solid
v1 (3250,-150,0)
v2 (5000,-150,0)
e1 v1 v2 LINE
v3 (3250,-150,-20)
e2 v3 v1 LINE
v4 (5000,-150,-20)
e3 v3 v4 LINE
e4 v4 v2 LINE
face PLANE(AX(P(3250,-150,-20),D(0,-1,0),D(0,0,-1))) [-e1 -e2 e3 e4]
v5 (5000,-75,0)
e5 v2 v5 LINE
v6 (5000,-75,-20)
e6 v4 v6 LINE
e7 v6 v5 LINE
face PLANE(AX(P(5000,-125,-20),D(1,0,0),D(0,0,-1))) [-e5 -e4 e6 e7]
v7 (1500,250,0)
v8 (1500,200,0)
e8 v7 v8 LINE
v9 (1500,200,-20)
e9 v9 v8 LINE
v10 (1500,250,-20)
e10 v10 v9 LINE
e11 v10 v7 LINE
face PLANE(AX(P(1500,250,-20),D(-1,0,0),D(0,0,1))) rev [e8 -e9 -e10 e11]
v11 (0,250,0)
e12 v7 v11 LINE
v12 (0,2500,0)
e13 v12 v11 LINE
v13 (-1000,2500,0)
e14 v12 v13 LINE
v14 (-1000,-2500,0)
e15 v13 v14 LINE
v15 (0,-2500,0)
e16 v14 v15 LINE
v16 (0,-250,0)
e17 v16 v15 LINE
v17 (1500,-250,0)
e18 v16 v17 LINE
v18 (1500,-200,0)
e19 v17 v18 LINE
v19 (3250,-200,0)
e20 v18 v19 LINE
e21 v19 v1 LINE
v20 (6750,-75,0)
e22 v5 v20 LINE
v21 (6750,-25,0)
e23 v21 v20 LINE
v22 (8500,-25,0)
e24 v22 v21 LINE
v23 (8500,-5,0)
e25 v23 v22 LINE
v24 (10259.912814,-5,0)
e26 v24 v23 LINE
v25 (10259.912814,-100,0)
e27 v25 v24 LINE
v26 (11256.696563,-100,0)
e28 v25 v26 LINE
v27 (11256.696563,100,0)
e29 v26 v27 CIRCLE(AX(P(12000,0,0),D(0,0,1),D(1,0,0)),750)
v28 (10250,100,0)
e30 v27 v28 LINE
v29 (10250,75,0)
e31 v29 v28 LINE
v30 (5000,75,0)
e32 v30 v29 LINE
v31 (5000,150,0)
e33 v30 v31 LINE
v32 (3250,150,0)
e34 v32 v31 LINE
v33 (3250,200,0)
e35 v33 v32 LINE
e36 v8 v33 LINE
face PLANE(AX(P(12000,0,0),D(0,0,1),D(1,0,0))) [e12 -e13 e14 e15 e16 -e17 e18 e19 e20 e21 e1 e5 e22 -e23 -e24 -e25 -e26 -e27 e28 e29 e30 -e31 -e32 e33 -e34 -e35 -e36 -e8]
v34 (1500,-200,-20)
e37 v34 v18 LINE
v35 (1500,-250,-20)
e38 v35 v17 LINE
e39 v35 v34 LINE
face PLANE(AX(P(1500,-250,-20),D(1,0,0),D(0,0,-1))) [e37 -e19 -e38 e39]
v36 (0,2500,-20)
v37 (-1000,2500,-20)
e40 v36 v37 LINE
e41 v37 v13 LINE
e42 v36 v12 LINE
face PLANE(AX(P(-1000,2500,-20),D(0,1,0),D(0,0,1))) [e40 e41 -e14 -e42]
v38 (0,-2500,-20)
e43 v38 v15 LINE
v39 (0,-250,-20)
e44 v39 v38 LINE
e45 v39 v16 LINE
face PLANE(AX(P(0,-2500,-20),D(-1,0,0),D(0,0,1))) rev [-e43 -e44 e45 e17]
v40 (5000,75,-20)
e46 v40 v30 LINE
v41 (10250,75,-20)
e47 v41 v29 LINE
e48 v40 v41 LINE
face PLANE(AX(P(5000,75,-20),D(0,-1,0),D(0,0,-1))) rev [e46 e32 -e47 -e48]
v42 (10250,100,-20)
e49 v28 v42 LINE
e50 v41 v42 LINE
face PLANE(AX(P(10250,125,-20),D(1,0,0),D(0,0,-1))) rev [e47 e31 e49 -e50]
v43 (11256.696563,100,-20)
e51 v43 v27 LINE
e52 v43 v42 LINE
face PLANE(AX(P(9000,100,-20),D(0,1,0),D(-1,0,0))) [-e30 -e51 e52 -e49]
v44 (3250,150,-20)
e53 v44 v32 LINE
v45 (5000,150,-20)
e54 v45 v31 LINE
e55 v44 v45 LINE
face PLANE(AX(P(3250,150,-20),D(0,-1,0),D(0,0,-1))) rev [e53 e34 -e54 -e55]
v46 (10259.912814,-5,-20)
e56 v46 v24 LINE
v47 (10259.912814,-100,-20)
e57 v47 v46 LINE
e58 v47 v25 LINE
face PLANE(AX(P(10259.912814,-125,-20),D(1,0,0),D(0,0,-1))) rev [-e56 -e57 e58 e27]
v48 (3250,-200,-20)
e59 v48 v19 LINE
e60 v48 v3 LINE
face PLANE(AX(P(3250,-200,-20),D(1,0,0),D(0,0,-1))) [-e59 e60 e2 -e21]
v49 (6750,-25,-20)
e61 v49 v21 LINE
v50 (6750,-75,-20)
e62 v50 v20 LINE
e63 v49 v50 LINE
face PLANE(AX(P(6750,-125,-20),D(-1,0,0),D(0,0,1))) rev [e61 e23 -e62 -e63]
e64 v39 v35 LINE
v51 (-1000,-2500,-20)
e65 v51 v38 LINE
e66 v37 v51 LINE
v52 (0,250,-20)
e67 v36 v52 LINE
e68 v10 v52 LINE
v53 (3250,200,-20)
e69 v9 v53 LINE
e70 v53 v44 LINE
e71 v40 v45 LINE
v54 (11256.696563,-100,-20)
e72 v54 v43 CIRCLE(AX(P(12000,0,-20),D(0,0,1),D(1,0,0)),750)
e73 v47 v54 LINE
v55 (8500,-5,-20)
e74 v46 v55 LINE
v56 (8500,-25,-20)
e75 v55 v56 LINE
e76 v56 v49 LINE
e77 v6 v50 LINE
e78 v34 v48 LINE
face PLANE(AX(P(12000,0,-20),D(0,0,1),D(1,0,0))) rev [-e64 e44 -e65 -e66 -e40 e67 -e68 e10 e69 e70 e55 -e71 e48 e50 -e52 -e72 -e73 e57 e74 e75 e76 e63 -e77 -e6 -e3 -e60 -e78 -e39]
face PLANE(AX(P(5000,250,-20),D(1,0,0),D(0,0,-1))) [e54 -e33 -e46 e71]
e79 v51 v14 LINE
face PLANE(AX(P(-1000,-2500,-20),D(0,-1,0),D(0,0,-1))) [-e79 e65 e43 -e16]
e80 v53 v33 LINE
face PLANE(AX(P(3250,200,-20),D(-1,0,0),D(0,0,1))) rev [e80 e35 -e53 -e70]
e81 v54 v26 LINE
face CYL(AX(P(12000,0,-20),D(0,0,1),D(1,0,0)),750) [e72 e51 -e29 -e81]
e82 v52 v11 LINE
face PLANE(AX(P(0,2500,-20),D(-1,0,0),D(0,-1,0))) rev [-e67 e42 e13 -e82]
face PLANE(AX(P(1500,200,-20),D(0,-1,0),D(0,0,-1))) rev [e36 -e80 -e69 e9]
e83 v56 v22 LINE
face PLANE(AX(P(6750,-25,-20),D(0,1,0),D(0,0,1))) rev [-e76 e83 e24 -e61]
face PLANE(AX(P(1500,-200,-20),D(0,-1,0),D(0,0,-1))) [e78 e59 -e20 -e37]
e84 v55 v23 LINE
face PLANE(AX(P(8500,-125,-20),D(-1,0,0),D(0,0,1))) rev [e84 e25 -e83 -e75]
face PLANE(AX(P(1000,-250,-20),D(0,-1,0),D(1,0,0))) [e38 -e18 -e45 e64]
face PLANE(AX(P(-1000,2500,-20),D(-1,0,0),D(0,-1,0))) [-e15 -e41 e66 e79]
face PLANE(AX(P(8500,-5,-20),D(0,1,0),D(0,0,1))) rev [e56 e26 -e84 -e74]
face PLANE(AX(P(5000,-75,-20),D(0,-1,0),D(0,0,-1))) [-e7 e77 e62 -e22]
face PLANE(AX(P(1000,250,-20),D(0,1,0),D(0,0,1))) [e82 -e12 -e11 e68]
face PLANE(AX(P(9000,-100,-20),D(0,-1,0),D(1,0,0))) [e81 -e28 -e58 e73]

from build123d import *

# Parameters (mm, degrees)
BOSS_EXTRUDE1_DEPTH = 20
SKETCH2_W           = 1000
SKETCH2_H           = 2250
CUT_EXTRUDE1_DEPTH  = 12993.801853334
CUT_EXTRUDE4_DEPTH  = 12993.801853334
SKETCH4_W           = 1750
SKETCH4_H           = 50
CUT_EXTRUDE5_DEPTH  = 12993.801853334
SKETCH5_W           = 1750
SKETCH5_H           = 50
CUT_EXTRUDE6_DEPTH  = 12993.801853334
SKETCH8_W           = 1750
SKETCH8_H           = 100
CUT_EXTRUDE7_DEPTH  = 12993.801853334
SKETCH6_W           = 1750
SKETCH6_H           = 50
CUT_EXTRUDE8_DEPTH  = 12993.801853334
SKETCH9_W           = 1759.91281427
SKETCH9_H           = 120
CUT_EXTRUDE9_DEPTH  = 12993.801853334


with BuildPart() as part:
    # Sketch1 → Boss-Extrude1 (new body)
    with BuildSketch(Plane.XY):
        with BuildLine():
            Line((1000, 250), (5000, 250))
            Line((5000, 250), (5000, 125))
            Line((5000, 125), (9000, 125))
            Line((9000, 125), (9000, 100))
            Line((9000, 100), (11256.696562634, 100))
            ThreePointArc((11256.696562634, 100), (12750, 0), (11256.696562634, -100))
            Line((11256.696562634, -100), (9000, -100))
            Line((9000, -100), (9000, -125))
            Line((9000, -125), (5000, -125))
            Line((5000, -125), (5000, -250))
            Line((5000, -250), (1000, -250))
            Line((1000, -250), (1000, -2500))
            Line((1000, -2500), (-1000, -2500))
            Line((-1000, -2500), (-1000, 2500))
            Line((-1000, 2500), (1000, 2500))
            Line((1000, 2500), (1000, 250))
        make_face()
    extrude(amount=-BOSS_EXTRUDE1_DEPTH)

    # Sketch2 → Cut-Extrude1 (cut, through all)
    with BuildSketch(Plane.XY):
        with Locations((500, 1375)):
            Rectangle(SKETCH2_W, SKETCH2_H)
        with Locations((500, -1375)):
            Rectangle(SKETCH2_W, SKETCH2_H)
    extrude(amount=-CUT_EXTRUDE1_DEPTH, mode=Mode.SUBTRACT)

    # Sketch3 → Cut-Extrude4 (cut, through all)
    with BuildSketch(Plane.XY):
        Polygon((1500, -250), (3250, -250), (5000, -250), (5000, -150), (3250, -150), (3250, -200), (1500, -200), align=None)
    cut_extrude4 = extrude(amount=-CUT_EXTRUDE4_DEPTH, mode=Mode.SUBTRACT)

    # Mirror1: Cut-Extrude4 across plane
    add(cut_extrude4.mirror(Plane.ZX), mode=Mode.SUBTRACT)

    # Sketch4 → Cut-Extrude5 (cut, through all)
    with BuildSketch(Plane.XY):
        with Locations((5875, 100)):
            Rectangle(SKETCH4_W, SKETCH4_H)
    cut_extrude5 = extrude(amount=-CUT_EXTRUDE5_DEPTH, mode=Mode.SUBTRACT)

    # Mirror2: Cut-Extrude5 across plane
    add(cut_extrude5.mirror(Plane.ZX), mode=Mode.SUBTRACT)

    # Sketch5 → Cut-Extrude6 (cut, through all)
    with BuildSketch(Plane.XY):
        with Locations((7625, 100)):
            Rectangle(SKETCH5_W, SKETCH5_H)
    extrude(amount=-CUT_EXTRUDE6_DEPTH, mode=Mode.SUBTRACT)

    # Sketch8 → Cut-Extrude7 (cut, through all)
    with BuildSketch(Plane.XY):
        with Locations((7625, -75)):
            Rectangle(SKETCH8_W, SKETCH8_H)
    extrude(amount=-CUT_EXTRUDE7_DEPTH, mode=Mode.SUBTRACT)

    # Sketch6 → Cut-Extrude8 (cut, through all)
    with BuildSketch(Plane.XY):
        with Locations((9375, 100)):
            Rectangle(SKETCH6_W, SKETCH6_H)
    extrude(amount=-CUT_EXTRUDE8_DEPTH, mode=Mode.SUBTRACT)

    # Sketch9 → Cut-Extrude9 (cut, through all)
    with BuildSketch(Plane.XY):
        with Locations((9379.956407135, -65)):
            Rectangle(SKETCH9_W, SKETCH9_H)
    extrude(amount=-CUT_EXTRUDE9_DEPTH, mode=Mode.SUBTRACT)


solid = part.part
